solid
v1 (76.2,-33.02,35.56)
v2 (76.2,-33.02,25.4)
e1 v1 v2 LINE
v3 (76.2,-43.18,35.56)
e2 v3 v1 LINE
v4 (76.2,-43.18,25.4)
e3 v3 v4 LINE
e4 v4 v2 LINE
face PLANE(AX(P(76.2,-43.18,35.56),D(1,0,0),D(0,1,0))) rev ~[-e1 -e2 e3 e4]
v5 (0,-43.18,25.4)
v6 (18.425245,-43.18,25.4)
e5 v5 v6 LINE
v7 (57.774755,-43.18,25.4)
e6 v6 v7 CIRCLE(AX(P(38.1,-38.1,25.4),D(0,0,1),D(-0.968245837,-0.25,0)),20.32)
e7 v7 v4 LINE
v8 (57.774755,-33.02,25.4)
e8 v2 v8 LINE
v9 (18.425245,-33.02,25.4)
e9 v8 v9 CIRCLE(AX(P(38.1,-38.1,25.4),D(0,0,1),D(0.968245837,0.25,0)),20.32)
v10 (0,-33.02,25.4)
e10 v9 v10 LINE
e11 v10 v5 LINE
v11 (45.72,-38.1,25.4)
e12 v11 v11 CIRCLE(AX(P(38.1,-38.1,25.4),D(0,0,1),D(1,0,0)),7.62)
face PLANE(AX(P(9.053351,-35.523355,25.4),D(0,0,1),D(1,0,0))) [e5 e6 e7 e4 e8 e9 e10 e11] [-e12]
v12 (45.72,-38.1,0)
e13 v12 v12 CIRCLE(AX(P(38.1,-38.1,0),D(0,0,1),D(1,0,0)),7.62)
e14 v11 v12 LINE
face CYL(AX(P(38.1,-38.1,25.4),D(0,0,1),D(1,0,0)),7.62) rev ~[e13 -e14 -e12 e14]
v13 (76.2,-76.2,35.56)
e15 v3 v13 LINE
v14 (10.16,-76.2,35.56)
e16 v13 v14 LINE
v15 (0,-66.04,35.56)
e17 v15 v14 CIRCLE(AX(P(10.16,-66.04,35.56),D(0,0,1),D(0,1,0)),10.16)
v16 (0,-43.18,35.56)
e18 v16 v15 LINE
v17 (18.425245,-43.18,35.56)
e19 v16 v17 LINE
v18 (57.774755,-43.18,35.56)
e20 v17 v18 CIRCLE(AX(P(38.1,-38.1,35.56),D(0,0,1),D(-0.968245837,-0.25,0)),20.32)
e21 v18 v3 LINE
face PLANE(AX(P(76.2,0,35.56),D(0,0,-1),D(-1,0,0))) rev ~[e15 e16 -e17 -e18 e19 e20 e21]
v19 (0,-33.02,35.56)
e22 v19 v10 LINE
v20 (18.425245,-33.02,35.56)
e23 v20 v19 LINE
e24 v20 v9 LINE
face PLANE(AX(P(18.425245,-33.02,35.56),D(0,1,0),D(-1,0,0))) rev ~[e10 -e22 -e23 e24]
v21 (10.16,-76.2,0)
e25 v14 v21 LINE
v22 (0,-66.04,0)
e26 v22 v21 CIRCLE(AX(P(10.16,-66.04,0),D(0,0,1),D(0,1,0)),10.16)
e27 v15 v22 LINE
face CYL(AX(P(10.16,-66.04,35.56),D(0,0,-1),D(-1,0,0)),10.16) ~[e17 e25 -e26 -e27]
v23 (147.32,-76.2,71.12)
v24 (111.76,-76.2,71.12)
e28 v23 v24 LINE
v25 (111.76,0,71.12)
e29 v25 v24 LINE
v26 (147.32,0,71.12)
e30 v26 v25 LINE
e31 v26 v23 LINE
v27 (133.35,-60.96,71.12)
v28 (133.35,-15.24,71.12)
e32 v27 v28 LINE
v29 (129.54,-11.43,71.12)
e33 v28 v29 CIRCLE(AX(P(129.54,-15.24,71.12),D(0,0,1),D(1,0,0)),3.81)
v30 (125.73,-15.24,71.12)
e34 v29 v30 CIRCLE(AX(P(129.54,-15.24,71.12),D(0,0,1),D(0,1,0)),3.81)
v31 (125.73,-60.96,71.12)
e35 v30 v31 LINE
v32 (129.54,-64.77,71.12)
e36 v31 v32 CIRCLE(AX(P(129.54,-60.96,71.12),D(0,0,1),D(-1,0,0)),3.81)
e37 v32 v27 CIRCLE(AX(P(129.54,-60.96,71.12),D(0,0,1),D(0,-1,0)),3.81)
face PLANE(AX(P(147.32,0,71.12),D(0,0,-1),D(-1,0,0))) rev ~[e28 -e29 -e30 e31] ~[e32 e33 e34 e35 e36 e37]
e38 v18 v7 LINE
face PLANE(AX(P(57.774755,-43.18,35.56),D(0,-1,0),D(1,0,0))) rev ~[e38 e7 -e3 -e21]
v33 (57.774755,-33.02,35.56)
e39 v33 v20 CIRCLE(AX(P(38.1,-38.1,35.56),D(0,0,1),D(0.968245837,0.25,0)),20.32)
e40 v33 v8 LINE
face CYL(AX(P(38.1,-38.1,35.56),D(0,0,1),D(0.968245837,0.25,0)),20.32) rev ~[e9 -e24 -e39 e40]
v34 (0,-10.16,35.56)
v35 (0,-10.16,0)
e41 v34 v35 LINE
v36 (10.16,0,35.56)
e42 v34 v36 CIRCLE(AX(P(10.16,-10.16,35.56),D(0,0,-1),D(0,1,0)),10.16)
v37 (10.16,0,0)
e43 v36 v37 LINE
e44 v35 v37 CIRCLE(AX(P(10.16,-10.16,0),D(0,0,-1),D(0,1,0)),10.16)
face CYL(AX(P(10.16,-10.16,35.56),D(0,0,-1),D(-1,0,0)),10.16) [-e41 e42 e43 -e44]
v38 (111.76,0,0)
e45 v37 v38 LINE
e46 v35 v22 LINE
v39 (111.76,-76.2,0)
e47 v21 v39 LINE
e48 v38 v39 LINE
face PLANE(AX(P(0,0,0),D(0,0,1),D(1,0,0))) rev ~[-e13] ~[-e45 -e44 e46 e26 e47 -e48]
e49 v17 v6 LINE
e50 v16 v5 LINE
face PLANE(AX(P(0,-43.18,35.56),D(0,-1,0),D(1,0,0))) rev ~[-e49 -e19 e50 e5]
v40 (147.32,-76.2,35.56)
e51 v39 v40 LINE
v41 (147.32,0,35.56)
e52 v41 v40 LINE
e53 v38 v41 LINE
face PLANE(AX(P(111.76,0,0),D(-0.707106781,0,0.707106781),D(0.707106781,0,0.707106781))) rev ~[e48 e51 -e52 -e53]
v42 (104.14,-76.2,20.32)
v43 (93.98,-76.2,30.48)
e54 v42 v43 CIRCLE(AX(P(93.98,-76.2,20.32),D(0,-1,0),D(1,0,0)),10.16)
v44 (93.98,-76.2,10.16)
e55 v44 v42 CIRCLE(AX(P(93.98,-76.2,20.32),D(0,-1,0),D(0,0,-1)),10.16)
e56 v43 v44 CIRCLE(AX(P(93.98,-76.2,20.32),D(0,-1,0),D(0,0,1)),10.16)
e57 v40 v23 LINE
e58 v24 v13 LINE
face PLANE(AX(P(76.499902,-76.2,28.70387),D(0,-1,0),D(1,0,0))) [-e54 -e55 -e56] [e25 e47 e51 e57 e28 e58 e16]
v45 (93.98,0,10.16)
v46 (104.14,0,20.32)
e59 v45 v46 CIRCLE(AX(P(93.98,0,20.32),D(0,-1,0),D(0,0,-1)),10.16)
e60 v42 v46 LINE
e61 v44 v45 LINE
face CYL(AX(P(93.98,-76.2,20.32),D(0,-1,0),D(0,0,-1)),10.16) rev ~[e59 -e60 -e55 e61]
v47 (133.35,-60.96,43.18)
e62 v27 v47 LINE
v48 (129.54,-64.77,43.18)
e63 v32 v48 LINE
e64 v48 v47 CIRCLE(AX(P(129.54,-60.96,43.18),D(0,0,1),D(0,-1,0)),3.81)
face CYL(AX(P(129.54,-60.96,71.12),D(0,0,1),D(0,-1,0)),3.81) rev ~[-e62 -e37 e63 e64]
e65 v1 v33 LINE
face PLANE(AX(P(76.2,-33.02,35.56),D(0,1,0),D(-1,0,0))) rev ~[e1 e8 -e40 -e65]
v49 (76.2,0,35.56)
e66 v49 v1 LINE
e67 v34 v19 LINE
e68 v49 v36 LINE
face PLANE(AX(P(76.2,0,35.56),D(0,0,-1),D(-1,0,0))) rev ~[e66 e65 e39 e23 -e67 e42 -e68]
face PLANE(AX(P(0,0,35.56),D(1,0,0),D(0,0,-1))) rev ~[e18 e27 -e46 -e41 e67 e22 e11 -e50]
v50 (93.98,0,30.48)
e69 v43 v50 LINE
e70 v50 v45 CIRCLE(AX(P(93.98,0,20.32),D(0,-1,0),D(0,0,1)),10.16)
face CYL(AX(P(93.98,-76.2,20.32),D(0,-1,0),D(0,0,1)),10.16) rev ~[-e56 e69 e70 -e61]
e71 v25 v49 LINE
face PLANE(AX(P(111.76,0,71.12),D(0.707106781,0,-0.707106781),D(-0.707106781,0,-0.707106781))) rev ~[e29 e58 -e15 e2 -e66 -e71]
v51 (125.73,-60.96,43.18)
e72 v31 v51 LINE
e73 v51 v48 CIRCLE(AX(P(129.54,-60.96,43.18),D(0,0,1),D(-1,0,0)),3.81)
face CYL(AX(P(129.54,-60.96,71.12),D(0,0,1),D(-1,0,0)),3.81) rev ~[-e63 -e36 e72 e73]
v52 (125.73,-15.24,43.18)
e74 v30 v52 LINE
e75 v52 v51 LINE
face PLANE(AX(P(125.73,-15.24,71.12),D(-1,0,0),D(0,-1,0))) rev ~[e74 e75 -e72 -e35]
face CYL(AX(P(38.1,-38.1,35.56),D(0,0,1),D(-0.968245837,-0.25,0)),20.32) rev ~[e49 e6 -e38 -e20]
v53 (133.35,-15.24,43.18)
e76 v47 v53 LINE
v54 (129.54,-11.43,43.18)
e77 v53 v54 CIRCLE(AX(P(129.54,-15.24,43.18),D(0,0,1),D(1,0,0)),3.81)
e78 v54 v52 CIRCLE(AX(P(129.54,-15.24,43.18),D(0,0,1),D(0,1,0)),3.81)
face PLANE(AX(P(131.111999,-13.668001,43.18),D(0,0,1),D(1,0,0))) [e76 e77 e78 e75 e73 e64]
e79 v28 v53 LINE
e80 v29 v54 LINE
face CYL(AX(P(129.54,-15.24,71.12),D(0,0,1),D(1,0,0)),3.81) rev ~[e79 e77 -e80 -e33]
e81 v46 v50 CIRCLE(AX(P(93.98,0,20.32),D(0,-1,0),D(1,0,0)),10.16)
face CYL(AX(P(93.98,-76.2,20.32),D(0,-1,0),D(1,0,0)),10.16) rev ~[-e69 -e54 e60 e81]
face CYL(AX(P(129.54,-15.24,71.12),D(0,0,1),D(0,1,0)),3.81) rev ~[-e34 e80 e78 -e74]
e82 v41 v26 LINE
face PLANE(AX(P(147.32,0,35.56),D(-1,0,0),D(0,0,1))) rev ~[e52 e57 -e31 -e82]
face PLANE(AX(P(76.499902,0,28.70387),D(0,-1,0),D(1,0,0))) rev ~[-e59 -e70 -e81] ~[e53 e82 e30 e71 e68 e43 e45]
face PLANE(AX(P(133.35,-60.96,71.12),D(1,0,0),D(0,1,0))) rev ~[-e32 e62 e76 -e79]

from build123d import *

# Parameters (mm, degrees)
F1_DEPTH = 76.2
F3_DEPTH = 177.8
F5_DEPTH = 27.94
F7_DEPTH = 10.16
F8_R     = 7.62
F9_DEPTH = 152.4
F10_R    = 10.16


with BuildPart() as f1:
    # F0 (on Front) → F1 (new body)
    with BuildSketch(Plane.XZ):
        Polygon((0, 35.56), (0, 0), (111.76, 0), (147.32, 35.56), (147.32, 71.12), (111.76, 71.12), (76.2, 35.56), align=None)
    extrude(amount=F1_DEPTH)

    # F2 (on face) → F3 (cut)
    with BuildSketch(Plane.XZ.offset(76.2)):
        with BuildLine():
            ThreePointArc((104.14, 20.32), (101.1642048969, 27.5042048969), (93.98, 30.48))
            Line((93.98, 30.48), (93.98, 20.32))
            Line((93.98, 20.32), (93.98, 10.16))
            ThreePointArc((93.98, 10.16), (101.1642048969, 13.1357951031), (104.14, 20.32))
        make_face()
        with BuildLine():
            Line((93.98, 20.32), (93.98, 30.48))
            ThreePointArc((93.98, 30.48), (83.82, 20.32), (93.98, 10.16))
            Line((93.98, 10.16), (93.98, 20.32))
        make_face()
    extrude(amount=-F3_DEPTH, mode=Mode.SUBTRACT)

    # F4 (on face) → F5 (cut)
    with BuildSketch(Plane.XY.offset(71.12)):
        with BuildLine():
            ThreePointArc((133.35, -15.24), (132.2340768363, -12.5459231637), (129.54, -11.43))
            Line((129.54, -11.43), (129.54, -15.24))
            Line((129.54, -15.24), (133.35, -15.24))
        make_face()
        with BuildLine():
            Line((129.54, -15.24), (129.54, -11.43))
            ThreePointArc((129.54, -11.43), (126.8459231637, -12.5459231637), (125.73, -15.24))
            Line((125.73, -15.24), (129.54, -15.24))
        make_face()
        with BuildLine():
            Line((133.35, -15.24), (129.54, -15.24))
            Line((129.54, -15.24), (129.54, -19.05))
            ThreePointArc((129.54, -19.05), (132.2340768363, -17.9340768363), (133.35, -15.24))
        make_face()
        with BuildLine():
            Line((129.54, -19.05), (129.54, -15.24))
            Line((129.54, -15.24), (125.73, -15.24))
            ThreePointArc((125.73, -15.24), (126.8459231637, -17.9340768363), (129.54, -19.05))
        make_face()
        with BuildLine():
            Line((133.35, -60.96), (133.35, -15.24))
            ThreePointArc((133.35, -15.24), (132.2340768363, -17.9340768363), (129.54, -19.05))
            Line((129.54, -19.05), (129.54, -57.15))
            ThreePointArc((129.54, -57.15), (132.2340768363, -58.2659231637), (133.35, -60.96))
        make_face()
        with BuildLine():
            ThreePointArc((129.54, -19.05), (126.8459231637, -17.9340768363), (125.73, -15.24))
            Line((125.73, -15.24), (125.73, -60.96))
            ThreePointArc((125.73, -60.96), (126.8459231637, -58.2659231637), (129.54, -57.15))
            Line((129.54, -57.15), (129.54, -19.05))
        make_face()
        with BuildLine():
            Line((129.54, -60.96), (133.35, -60.96))
            ThreePointArc((133.35, -60.96), (132.2340768363, -58.2659231637), (129.54, -57.15))
            Line((129.54, -57.15), (129.54, -60.96))
        make_face()
        with BuildLine():
            ThreePointArc((129.54, -64.77), (132.2340768363, -63.6540768363), (133.35, -60.96))
            Line((133.35, -60.96), (129.54, -60.96))
            Line((129.54, -60.96), (129.54, -64.77))
        make_face()
        with BuildLine():
            Line((129.54, -60.96), (125.73, -60.96))
            ThreePointArc((125.73, -60.96), (126.8459231637, -63.6540768363), (129.54, -64.77))
            Line((129.54, -64.77), (129.54, -60.96))
        make_face()
        with BuildLine():
            ThreePointArc((129.54, -57.15), (126.8459231637, -58.2659231637), (125.73, -60.96))
            Line((125.73, -60.96), (129.54, -60.96))
            Line((129.54, -60.96), (129.54, -57.15))
        make_face()
    extrude(amount=-F5_DEPTH, mode=Mode.SUBTRACT)

    # F6 (on face) → F7 (cut)
    with BuildSketch(Plane.XY.offset(35.56)):
        with BuildLine():
            Line((18.4252446013, -33.02), (0, -33.02))
            Line((0, -33.02), (0, -38.1))
            Line((0, -38.1), (17.78, -38.1))
            ThreePointArc((17.78, -38.1), (17.9419565719, -35.5395927768), (18.4252446013, -33.02))
        make_face()
        with BuildLine():
            Line((17.78, -38.1), (0, -38.1))
            Line((0, -38.1), (0, -43.18))
            Line((0, -43.18), (18.4252446013, -43.18))
            ThreePointArc((18.4252446013, -43.18), (17.9419565719, -40.6604072232), (17.78, -38.1))
        make_face()
        with BuildLine():
            ThreePointArc((57.7747553987, -33.02), (38.1, -17.78), (18.4252446013, -33.02))
            Line((18.4252446013, -33.02), (57.7747553987, -33.02))
        make_face()
        with BuildLine():
            Line((57.7747553987, -33.02), (18.4252446013, -33.02))
            ThreePointArc((18.4252446013, -33.02), (17.9419565719, -35.5395927768), (17.78, -38.1))
            Line((17.78, -38.1), (58.42, -38.1))
            ThreePointArc((58.42, -38.1), (58.2580434281, -35.5395927768), (57.7747553987, -33.02))
        make_face()
        with BuildLine():
            Line((58.42, -38.1), (17.78, -38.1))
            ThreePointArc((17.78, -38.1), (17.9419565719, -40.6604072232), (18.4252446013, -43.18))
            Line((18.4252446013, -43.18), (57.7747553987, -43.18))
            ThreePointArc((57.7747553987, -43.18), (58.2580434281, -40.6604072232), (58.42, -38.1))
        make_face()
        with BuildLine():
            Line((76.2, -33.02), (57.7747553987, -33.02))
            ThreePointArc((57.7747553987, -33.02), (58.2580434281, -35.5395927768), (58.42, -38.1))
            Line((58.42, -38.1), (76.2, -38.1))
            Line((76.2, -38.1), (76.2, -33.02))
        make_face()
        with BuildLine():
            Line((57.7747553987, -43.18), (18.4252446013, -43.18))
            ThreePointArc((18.4252446013, -43.18), (38.1, -58.42), (57.7747553987, -43.18))
        make_face()
        with BuildLine():
            Line((76.2, -38.1), (58.42, -38.1))
            ThreePointArc((58.42, -38.1), (58.2580434281, -40.6604072232), (57.7747553987, -43.18))
            Line((57.7747553987, -43.18), (76.2, -43.18))
            Line((76.2, -43.18), (76.2, -38.1))
        make_face()
    extrude(amount=-F7_DEPTH, mode=Mode.SUBTRACT)

    # F8 (on face) → F9 (cut)
    with BuildSketch(Plane.XY.offset(25.4)):
        with Locations((38.1, -38.1)):
            Circle(F8_R)
    extrude(amount=-F9_DEPTH, mode=Mode.SUBTRACT)

    # F10
    f10_edges = [f1.edges().sort_by_distance(p)[0] for p in [
        (0, -76.2, 17.78),
        (0, 0, 17.78),
    ]]
    fillet(f10_edges, radius=F10_R)


solid = f1.part
